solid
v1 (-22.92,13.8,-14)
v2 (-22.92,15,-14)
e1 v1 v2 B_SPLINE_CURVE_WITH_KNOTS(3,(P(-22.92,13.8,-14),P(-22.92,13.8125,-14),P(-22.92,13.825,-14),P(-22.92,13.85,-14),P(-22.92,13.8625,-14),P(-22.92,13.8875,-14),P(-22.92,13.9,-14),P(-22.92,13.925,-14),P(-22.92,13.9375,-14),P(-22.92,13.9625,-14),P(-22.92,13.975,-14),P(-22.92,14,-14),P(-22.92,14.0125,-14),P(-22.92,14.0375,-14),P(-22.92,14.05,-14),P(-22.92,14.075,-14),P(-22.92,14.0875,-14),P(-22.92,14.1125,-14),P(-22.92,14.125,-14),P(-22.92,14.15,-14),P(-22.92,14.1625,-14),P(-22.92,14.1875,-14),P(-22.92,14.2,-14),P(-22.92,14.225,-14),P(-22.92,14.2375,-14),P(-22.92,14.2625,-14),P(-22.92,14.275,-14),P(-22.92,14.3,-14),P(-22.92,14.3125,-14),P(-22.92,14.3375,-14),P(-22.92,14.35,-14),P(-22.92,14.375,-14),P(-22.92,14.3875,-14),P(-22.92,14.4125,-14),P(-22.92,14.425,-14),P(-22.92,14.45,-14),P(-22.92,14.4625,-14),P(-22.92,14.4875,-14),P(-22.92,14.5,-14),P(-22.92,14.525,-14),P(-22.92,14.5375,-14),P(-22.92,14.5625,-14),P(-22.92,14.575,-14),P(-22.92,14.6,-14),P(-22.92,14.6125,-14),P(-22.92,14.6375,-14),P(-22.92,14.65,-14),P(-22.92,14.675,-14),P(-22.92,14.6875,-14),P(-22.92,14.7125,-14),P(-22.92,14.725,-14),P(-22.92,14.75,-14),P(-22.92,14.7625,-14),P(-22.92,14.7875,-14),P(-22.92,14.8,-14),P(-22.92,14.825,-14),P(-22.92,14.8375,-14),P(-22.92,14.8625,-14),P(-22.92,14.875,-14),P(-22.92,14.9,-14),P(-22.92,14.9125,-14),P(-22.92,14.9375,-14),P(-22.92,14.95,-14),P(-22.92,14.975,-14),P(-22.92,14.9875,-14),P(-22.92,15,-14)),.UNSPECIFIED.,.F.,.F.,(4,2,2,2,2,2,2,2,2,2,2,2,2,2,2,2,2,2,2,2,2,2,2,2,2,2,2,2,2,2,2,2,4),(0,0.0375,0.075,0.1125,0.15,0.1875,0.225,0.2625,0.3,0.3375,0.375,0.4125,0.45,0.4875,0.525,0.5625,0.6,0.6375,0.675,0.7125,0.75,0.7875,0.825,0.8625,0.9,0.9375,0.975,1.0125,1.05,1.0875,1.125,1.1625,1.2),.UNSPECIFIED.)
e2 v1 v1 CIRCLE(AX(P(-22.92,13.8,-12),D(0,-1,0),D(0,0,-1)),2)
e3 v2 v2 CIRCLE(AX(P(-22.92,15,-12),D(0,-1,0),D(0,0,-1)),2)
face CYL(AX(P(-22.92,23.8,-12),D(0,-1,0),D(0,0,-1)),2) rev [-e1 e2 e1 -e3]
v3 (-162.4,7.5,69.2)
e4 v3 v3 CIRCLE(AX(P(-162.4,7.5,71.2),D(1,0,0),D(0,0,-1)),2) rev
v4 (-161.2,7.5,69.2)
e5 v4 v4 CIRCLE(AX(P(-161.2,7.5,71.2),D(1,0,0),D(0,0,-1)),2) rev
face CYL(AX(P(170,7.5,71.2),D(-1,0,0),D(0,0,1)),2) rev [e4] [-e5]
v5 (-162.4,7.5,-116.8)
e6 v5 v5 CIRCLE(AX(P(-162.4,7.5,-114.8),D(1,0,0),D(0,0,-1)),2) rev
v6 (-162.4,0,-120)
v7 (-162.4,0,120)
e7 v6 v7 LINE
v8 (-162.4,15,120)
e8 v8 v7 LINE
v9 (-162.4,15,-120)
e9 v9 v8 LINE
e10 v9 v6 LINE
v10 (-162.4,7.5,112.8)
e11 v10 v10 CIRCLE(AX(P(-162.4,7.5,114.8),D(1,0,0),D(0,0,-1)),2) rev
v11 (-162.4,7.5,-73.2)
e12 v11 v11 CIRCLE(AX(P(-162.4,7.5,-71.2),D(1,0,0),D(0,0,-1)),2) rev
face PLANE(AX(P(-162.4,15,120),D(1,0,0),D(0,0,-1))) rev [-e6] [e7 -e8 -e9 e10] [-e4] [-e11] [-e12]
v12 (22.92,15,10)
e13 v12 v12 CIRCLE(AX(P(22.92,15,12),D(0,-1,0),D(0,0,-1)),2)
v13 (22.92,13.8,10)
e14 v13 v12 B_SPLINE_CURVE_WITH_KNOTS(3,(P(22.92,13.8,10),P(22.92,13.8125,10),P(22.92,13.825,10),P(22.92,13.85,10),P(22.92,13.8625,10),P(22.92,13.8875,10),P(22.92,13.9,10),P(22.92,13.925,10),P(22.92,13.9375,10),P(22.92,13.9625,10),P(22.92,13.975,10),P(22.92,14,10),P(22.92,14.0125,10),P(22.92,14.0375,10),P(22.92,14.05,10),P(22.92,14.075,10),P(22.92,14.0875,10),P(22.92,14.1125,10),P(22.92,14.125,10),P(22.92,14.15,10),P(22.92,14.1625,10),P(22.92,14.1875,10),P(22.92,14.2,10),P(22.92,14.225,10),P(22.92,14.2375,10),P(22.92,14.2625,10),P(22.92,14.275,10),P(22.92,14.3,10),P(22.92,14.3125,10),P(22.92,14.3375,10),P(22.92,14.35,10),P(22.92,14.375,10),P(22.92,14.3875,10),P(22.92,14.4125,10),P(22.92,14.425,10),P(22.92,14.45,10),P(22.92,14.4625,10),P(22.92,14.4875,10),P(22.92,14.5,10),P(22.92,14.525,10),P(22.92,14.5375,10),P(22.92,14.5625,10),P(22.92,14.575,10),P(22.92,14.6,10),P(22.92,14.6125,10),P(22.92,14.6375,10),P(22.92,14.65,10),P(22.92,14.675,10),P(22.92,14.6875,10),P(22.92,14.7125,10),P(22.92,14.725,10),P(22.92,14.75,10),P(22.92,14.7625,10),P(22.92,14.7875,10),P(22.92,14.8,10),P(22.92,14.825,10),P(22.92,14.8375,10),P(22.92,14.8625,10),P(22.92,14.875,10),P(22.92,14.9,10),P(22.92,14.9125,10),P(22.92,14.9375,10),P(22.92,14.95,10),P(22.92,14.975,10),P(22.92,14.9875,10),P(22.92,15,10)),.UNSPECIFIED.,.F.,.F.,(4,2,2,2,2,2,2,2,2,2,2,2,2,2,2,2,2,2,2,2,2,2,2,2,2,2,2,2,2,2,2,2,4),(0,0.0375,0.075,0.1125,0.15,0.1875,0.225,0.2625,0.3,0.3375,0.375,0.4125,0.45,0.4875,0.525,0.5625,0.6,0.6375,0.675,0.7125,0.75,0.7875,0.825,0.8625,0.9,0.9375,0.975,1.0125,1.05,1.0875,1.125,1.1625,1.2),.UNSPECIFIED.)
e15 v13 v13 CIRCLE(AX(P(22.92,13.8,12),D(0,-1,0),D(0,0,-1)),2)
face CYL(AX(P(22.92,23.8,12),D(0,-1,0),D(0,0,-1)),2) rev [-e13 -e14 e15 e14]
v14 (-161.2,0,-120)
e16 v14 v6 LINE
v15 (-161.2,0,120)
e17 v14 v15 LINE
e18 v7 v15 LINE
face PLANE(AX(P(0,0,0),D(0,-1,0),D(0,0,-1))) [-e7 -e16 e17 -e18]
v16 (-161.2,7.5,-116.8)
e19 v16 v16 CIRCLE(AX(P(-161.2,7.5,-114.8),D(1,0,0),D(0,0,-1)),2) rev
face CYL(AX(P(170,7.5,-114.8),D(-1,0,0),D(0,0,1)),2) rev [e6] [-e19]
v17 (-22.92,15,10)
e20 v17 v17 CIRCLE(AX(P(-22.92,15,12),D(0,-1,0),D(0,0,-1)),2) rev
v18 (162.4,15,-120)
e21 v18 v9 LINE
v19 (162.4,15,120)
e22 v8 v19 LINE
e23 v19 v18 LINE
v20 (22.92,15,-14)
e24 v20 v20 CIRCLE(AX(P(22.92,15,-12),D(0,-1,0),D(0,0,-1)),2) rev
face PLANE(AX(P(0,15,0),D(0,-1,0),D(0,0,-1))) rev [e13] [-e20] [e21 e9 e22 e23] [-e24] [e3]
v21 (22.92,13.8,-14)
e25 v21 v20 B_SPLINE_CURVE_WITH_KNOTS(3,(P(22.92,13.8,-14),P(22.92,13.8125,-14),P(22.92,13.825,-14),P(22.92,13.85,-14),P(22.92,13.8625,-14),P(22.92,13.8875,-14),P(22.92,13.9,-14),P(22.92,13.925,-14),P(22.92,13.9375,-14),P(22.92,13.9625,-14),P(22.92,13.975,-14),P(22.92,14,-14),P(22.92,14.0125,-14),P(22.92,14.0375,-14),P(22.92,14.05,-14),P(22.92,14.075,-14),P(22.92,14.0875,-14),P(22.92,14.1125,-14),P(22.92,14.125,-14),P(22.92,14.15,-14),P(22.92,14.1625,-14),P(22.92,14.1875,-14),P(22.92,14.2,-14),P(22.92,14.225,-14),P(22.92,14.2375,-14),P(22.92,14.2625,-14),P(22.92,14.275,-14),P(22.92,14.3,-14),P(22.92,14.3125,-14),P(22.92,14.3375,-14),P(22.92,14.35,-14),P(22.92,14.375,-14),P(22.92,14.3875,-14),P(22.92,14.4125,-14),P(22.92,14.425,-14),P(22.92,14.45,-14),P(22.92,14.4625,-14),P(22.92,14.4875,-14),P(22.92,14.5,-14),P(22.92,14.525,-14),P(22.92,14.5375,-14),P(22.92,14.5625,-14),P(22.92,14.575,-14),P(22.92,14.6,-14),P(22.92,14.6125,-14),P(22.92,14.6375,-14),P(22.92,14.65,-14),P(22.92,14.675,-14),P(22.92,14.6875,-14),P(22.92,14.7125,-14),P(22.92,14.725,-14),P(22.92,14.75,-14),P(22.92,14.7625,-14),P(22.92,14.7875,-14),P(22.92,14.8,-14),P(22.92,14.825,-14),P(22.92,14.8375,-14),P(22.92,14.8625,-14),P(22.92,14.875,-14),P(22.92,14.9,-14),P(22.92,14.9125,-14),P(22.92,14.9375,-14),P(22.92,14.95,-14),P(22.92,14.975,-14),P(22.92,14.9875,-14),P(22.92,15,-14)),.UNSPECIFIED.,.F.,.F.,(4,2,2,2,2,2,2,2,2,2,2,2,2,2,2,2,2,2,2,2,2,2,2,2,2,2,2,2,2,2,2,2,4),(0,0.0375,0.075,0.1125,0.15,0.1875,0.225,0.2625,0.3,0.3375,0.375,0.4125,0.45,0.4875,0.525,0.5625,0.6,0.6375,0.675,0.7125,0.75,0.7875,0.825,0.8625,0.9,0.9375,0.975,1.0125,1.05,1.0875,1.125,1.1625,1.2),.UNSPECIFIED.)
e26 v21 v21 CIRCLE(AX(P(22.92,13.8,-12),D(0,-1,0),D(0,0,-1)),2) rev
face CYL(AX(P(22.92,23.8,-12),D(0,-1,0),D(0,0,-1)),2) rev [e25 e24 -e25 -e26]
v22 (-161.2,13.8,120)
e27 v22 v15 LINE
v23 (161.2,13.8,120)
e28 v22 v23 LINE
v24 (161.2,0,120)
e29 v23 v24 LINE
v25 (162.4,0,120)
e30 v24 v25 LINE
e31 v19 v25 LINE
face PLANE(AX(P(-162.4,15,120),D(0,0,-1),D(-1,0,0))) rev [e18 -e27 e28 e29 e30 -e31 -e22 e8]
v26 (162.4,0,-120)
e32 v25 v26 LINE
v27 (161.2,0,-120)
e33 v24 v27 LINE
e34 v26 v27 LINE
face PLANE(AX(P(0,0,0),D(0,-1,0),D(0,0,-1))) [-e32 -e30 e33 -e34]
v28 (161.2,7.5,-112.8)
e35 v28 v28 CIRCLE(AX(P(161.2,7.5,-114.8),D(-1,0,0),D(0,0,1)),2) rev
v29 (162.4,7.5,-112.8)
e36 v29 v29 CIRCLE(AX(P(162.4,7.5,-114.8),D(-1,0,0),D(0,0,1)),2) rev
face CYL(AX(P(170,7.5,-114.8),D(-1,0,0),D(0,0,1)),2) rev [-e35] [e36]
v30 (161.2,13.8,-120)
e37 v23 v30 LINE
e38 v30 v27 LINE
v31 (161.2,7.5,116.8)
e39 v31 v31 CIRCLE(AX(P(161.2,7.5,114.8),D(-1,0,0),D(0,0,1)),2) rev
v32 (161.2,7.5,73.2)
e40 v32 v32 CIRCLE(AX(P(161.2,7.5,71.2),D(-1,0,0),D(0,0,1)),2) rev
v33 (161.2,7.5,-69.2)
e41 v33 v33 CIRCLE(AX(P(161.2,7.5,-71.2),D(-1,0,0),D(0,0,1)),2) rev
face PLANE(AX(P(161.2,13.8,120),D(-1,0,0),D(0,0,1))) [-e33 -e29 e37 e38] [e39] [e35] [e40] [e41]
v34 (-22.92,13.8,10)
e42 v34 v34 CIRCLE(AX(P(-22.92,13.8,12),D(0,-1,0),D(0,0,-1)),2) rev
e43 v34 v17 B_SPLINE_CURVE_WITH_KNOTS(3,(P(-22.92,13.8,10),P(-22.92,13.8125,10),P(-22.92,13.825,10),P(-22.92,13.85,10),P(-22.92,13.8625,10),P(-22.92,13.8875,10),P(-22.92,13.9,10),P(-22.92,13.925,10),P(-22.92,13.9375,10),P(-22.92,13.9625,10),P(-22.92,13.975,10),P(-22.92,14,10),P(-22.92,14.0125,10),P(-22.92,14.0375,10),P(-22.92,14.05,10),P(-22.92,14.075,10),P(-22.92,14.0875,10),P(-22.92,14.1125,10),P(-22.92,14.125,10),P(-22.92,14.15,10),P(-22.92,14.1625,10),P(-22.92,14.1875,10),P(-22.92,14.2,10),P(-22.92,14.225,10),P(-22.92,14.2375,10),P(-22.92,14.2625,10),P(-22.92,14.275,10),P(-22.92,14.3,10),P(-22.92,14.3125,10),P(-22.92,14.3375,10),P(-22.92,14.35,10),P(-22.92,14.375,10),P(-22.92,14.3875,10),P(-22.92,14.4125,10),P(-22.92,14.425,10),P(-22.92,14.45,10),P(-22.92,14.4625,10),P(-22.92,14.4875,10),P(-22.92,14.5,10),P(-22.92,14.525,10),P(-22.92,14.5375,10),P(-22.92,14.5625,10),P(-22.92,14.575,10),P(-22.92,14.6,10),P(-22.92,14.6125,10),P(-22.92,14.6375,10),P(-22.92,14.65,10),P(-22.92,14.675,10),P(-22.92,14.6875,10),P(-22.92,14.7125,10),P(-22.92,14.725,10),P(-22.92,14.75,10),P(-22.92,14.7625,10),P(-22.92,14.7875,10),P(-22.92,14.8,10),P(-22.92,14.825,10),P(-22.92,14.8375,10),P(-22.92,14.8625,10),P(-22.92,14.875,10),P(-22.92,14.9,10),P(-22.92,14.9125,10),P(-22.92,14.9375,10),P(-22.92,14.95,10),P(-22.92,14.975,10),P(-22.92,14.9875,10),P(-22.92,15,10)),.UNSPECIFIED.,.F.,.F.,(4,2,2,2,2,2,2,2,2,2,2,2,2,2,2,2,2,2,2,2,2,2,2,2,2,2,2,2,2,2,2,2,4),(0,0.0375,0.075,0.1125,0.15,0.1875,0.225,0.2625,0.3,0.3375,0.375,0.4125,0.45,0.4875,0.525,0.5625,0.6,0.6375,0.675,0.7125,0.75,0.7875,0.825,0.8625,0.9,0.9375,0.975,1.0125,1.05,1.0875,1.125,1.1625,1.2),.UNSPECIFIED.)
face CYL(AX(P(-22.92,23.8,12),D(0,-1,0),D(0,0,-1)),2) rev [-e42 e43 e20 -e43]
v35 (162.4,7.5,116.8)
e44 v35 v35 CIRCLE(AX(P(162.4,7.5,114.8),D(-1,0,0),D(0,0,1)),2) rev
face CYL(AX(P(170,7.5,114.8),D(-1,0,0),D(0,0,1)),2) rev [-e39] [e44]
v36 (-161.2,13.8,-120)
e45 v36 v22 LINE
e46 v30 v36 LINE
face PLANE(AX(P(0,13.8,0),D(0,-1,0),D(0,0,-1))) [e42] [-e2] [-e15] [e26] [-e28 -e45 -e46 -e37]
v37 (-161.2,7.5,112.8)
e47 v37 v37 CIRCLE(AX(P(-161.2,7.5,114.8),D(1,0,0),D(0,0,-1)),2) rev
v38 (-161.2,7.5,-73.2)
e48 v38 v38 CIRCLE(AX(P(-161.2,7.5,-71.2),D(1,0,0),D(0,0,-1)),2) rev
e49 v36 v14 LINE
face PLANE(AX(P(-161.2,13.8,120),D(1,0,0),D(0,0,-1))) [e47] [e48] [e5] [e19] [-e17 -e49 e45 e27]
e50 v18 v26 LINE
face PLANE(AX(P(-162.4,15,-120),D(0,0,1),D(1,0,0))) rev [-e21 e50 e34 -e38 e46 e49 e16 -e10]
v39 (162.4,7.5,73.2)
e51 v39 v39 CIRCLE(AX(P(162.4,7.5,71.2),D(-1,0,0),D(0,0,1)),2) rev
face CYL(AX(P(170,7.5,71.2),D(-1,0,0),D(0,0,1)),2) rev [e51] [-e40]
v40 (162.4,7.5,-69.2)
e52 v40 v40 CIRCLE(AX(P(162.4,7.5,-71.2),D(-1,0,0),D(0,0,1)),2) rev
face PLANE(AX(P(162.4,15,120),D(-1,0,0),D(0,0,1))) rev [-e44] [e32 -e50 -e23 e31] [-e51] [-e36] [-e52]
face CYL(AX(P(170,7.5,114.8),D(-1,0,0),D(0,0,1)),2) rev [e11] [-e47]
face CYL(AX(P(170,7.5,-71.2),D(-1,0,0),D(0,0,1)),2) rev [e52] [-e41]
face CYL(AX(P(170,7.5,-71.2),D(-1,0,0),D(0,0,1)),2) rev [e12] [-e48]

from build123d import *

# Parameters (mm, degrees)
ESBO_O1_W                  = 324.8
ESBO_O1_H                  = 240
RESSALTO_EXTRUS_O1_DEPTH   = 15
ESBO_O2_W                  = 322.4
ESBO_O2_H                  = 240
CORTE_EXTRUS_O1_DEPTH      = 13.8
CORTE_EXTRUS_O2_START      = 10
ESBO_O3_R                  = 2
CORTE_EXTRUS_O2_DEPTH      = 13.8
CORTE_EXTRUS_O3_DEPTH      = 170
CORTE_EXTRUS_O3_DEPTH_BACK = 170
ESBO_O4_R                  = 2


with BuildPart() as part:
    # Esboço1 → Ressalto-extrusão1 (new body)
    with BuildSketch(Plane(origin=(0, 0, 0), x_dir=(1, 0, 0), z_dir=(0, 1, 0))):
        Rectangle(ESBO_O1_W, ESBO_O1_H)
    extrude(amount=RESSALTO_EXTRUS_O1_DEPTH)

    # Esboço2 → Corte-extrusão1 (cut)
    with BuildSketch(Plane(origin=(0, 0, 0), x_dir=(1, 0, 0), z_dir=(0, 1, 0))):
        Rectangle(ESBO_O2_W, ESBO_O2_H)
    extrude(amount=CORTE_EXTRUS_O1_DEPTH, mode=Mode.SUBTRACT)

    # Esboço3 → Corte-extrusão2 (cut)
    with BuildSketch(Plane(origin=(0, 0, 0), x_dir=(1, 0, 0), z_dir=(0, 1, 0)).offset(CORTE_EXTRUS_O2_START)):
        with Locations(Location((-22.92, -12, 0), (0, 0, 90))):
            Circle(ESBO_O3_R)
        with Locations(Location((22.92, -12, 0), (0, 0, 90))):
            Circle(ESBO_O3_R)
        with Locations(Location((22.92, 12, 0), (0, 0, 90))):
            Circle(ESBO_O3_R)
        with Locations(Location((-22.92, 12, 0), (0, 0, 90))):
            Circle(ESBO_O3_R)
    extrude(amount=CORTE_EXTRUS_O2_DEPTH, mode=Mode.SUBTRACT)

    # Esboço4 → Corte-extrusão3 (cut, two sides: drawn at the far end of the back side and taken through both)
    with BuildSketch(Plane(origin=(0, 0, 0), x_dir=(0, 0, -1), z_dir=(1, 0, 0)).offset(-CORTE_EXTRUS_O3_DEPTH_BACK)):
        with Locations((114.8, 7.5)):
            Circle(ESBO_O4_R)
        with Locations((71.2, 7.5)):
            Circle(ESBO_O4_R)
        with Locations((-114.8, 7.5)):
            Circle(ESBO_O4_R)
        with Locations((-71.2, 7.5)):
            Circle(ESBO_O4_R)
    extrude(amount=CORTE_EXTRUS_O3_DEPTH + CORTE_EXTRUS_O3_DEPTH_BACK, mode=Mode.SUBTRACT)


solid = part.part
